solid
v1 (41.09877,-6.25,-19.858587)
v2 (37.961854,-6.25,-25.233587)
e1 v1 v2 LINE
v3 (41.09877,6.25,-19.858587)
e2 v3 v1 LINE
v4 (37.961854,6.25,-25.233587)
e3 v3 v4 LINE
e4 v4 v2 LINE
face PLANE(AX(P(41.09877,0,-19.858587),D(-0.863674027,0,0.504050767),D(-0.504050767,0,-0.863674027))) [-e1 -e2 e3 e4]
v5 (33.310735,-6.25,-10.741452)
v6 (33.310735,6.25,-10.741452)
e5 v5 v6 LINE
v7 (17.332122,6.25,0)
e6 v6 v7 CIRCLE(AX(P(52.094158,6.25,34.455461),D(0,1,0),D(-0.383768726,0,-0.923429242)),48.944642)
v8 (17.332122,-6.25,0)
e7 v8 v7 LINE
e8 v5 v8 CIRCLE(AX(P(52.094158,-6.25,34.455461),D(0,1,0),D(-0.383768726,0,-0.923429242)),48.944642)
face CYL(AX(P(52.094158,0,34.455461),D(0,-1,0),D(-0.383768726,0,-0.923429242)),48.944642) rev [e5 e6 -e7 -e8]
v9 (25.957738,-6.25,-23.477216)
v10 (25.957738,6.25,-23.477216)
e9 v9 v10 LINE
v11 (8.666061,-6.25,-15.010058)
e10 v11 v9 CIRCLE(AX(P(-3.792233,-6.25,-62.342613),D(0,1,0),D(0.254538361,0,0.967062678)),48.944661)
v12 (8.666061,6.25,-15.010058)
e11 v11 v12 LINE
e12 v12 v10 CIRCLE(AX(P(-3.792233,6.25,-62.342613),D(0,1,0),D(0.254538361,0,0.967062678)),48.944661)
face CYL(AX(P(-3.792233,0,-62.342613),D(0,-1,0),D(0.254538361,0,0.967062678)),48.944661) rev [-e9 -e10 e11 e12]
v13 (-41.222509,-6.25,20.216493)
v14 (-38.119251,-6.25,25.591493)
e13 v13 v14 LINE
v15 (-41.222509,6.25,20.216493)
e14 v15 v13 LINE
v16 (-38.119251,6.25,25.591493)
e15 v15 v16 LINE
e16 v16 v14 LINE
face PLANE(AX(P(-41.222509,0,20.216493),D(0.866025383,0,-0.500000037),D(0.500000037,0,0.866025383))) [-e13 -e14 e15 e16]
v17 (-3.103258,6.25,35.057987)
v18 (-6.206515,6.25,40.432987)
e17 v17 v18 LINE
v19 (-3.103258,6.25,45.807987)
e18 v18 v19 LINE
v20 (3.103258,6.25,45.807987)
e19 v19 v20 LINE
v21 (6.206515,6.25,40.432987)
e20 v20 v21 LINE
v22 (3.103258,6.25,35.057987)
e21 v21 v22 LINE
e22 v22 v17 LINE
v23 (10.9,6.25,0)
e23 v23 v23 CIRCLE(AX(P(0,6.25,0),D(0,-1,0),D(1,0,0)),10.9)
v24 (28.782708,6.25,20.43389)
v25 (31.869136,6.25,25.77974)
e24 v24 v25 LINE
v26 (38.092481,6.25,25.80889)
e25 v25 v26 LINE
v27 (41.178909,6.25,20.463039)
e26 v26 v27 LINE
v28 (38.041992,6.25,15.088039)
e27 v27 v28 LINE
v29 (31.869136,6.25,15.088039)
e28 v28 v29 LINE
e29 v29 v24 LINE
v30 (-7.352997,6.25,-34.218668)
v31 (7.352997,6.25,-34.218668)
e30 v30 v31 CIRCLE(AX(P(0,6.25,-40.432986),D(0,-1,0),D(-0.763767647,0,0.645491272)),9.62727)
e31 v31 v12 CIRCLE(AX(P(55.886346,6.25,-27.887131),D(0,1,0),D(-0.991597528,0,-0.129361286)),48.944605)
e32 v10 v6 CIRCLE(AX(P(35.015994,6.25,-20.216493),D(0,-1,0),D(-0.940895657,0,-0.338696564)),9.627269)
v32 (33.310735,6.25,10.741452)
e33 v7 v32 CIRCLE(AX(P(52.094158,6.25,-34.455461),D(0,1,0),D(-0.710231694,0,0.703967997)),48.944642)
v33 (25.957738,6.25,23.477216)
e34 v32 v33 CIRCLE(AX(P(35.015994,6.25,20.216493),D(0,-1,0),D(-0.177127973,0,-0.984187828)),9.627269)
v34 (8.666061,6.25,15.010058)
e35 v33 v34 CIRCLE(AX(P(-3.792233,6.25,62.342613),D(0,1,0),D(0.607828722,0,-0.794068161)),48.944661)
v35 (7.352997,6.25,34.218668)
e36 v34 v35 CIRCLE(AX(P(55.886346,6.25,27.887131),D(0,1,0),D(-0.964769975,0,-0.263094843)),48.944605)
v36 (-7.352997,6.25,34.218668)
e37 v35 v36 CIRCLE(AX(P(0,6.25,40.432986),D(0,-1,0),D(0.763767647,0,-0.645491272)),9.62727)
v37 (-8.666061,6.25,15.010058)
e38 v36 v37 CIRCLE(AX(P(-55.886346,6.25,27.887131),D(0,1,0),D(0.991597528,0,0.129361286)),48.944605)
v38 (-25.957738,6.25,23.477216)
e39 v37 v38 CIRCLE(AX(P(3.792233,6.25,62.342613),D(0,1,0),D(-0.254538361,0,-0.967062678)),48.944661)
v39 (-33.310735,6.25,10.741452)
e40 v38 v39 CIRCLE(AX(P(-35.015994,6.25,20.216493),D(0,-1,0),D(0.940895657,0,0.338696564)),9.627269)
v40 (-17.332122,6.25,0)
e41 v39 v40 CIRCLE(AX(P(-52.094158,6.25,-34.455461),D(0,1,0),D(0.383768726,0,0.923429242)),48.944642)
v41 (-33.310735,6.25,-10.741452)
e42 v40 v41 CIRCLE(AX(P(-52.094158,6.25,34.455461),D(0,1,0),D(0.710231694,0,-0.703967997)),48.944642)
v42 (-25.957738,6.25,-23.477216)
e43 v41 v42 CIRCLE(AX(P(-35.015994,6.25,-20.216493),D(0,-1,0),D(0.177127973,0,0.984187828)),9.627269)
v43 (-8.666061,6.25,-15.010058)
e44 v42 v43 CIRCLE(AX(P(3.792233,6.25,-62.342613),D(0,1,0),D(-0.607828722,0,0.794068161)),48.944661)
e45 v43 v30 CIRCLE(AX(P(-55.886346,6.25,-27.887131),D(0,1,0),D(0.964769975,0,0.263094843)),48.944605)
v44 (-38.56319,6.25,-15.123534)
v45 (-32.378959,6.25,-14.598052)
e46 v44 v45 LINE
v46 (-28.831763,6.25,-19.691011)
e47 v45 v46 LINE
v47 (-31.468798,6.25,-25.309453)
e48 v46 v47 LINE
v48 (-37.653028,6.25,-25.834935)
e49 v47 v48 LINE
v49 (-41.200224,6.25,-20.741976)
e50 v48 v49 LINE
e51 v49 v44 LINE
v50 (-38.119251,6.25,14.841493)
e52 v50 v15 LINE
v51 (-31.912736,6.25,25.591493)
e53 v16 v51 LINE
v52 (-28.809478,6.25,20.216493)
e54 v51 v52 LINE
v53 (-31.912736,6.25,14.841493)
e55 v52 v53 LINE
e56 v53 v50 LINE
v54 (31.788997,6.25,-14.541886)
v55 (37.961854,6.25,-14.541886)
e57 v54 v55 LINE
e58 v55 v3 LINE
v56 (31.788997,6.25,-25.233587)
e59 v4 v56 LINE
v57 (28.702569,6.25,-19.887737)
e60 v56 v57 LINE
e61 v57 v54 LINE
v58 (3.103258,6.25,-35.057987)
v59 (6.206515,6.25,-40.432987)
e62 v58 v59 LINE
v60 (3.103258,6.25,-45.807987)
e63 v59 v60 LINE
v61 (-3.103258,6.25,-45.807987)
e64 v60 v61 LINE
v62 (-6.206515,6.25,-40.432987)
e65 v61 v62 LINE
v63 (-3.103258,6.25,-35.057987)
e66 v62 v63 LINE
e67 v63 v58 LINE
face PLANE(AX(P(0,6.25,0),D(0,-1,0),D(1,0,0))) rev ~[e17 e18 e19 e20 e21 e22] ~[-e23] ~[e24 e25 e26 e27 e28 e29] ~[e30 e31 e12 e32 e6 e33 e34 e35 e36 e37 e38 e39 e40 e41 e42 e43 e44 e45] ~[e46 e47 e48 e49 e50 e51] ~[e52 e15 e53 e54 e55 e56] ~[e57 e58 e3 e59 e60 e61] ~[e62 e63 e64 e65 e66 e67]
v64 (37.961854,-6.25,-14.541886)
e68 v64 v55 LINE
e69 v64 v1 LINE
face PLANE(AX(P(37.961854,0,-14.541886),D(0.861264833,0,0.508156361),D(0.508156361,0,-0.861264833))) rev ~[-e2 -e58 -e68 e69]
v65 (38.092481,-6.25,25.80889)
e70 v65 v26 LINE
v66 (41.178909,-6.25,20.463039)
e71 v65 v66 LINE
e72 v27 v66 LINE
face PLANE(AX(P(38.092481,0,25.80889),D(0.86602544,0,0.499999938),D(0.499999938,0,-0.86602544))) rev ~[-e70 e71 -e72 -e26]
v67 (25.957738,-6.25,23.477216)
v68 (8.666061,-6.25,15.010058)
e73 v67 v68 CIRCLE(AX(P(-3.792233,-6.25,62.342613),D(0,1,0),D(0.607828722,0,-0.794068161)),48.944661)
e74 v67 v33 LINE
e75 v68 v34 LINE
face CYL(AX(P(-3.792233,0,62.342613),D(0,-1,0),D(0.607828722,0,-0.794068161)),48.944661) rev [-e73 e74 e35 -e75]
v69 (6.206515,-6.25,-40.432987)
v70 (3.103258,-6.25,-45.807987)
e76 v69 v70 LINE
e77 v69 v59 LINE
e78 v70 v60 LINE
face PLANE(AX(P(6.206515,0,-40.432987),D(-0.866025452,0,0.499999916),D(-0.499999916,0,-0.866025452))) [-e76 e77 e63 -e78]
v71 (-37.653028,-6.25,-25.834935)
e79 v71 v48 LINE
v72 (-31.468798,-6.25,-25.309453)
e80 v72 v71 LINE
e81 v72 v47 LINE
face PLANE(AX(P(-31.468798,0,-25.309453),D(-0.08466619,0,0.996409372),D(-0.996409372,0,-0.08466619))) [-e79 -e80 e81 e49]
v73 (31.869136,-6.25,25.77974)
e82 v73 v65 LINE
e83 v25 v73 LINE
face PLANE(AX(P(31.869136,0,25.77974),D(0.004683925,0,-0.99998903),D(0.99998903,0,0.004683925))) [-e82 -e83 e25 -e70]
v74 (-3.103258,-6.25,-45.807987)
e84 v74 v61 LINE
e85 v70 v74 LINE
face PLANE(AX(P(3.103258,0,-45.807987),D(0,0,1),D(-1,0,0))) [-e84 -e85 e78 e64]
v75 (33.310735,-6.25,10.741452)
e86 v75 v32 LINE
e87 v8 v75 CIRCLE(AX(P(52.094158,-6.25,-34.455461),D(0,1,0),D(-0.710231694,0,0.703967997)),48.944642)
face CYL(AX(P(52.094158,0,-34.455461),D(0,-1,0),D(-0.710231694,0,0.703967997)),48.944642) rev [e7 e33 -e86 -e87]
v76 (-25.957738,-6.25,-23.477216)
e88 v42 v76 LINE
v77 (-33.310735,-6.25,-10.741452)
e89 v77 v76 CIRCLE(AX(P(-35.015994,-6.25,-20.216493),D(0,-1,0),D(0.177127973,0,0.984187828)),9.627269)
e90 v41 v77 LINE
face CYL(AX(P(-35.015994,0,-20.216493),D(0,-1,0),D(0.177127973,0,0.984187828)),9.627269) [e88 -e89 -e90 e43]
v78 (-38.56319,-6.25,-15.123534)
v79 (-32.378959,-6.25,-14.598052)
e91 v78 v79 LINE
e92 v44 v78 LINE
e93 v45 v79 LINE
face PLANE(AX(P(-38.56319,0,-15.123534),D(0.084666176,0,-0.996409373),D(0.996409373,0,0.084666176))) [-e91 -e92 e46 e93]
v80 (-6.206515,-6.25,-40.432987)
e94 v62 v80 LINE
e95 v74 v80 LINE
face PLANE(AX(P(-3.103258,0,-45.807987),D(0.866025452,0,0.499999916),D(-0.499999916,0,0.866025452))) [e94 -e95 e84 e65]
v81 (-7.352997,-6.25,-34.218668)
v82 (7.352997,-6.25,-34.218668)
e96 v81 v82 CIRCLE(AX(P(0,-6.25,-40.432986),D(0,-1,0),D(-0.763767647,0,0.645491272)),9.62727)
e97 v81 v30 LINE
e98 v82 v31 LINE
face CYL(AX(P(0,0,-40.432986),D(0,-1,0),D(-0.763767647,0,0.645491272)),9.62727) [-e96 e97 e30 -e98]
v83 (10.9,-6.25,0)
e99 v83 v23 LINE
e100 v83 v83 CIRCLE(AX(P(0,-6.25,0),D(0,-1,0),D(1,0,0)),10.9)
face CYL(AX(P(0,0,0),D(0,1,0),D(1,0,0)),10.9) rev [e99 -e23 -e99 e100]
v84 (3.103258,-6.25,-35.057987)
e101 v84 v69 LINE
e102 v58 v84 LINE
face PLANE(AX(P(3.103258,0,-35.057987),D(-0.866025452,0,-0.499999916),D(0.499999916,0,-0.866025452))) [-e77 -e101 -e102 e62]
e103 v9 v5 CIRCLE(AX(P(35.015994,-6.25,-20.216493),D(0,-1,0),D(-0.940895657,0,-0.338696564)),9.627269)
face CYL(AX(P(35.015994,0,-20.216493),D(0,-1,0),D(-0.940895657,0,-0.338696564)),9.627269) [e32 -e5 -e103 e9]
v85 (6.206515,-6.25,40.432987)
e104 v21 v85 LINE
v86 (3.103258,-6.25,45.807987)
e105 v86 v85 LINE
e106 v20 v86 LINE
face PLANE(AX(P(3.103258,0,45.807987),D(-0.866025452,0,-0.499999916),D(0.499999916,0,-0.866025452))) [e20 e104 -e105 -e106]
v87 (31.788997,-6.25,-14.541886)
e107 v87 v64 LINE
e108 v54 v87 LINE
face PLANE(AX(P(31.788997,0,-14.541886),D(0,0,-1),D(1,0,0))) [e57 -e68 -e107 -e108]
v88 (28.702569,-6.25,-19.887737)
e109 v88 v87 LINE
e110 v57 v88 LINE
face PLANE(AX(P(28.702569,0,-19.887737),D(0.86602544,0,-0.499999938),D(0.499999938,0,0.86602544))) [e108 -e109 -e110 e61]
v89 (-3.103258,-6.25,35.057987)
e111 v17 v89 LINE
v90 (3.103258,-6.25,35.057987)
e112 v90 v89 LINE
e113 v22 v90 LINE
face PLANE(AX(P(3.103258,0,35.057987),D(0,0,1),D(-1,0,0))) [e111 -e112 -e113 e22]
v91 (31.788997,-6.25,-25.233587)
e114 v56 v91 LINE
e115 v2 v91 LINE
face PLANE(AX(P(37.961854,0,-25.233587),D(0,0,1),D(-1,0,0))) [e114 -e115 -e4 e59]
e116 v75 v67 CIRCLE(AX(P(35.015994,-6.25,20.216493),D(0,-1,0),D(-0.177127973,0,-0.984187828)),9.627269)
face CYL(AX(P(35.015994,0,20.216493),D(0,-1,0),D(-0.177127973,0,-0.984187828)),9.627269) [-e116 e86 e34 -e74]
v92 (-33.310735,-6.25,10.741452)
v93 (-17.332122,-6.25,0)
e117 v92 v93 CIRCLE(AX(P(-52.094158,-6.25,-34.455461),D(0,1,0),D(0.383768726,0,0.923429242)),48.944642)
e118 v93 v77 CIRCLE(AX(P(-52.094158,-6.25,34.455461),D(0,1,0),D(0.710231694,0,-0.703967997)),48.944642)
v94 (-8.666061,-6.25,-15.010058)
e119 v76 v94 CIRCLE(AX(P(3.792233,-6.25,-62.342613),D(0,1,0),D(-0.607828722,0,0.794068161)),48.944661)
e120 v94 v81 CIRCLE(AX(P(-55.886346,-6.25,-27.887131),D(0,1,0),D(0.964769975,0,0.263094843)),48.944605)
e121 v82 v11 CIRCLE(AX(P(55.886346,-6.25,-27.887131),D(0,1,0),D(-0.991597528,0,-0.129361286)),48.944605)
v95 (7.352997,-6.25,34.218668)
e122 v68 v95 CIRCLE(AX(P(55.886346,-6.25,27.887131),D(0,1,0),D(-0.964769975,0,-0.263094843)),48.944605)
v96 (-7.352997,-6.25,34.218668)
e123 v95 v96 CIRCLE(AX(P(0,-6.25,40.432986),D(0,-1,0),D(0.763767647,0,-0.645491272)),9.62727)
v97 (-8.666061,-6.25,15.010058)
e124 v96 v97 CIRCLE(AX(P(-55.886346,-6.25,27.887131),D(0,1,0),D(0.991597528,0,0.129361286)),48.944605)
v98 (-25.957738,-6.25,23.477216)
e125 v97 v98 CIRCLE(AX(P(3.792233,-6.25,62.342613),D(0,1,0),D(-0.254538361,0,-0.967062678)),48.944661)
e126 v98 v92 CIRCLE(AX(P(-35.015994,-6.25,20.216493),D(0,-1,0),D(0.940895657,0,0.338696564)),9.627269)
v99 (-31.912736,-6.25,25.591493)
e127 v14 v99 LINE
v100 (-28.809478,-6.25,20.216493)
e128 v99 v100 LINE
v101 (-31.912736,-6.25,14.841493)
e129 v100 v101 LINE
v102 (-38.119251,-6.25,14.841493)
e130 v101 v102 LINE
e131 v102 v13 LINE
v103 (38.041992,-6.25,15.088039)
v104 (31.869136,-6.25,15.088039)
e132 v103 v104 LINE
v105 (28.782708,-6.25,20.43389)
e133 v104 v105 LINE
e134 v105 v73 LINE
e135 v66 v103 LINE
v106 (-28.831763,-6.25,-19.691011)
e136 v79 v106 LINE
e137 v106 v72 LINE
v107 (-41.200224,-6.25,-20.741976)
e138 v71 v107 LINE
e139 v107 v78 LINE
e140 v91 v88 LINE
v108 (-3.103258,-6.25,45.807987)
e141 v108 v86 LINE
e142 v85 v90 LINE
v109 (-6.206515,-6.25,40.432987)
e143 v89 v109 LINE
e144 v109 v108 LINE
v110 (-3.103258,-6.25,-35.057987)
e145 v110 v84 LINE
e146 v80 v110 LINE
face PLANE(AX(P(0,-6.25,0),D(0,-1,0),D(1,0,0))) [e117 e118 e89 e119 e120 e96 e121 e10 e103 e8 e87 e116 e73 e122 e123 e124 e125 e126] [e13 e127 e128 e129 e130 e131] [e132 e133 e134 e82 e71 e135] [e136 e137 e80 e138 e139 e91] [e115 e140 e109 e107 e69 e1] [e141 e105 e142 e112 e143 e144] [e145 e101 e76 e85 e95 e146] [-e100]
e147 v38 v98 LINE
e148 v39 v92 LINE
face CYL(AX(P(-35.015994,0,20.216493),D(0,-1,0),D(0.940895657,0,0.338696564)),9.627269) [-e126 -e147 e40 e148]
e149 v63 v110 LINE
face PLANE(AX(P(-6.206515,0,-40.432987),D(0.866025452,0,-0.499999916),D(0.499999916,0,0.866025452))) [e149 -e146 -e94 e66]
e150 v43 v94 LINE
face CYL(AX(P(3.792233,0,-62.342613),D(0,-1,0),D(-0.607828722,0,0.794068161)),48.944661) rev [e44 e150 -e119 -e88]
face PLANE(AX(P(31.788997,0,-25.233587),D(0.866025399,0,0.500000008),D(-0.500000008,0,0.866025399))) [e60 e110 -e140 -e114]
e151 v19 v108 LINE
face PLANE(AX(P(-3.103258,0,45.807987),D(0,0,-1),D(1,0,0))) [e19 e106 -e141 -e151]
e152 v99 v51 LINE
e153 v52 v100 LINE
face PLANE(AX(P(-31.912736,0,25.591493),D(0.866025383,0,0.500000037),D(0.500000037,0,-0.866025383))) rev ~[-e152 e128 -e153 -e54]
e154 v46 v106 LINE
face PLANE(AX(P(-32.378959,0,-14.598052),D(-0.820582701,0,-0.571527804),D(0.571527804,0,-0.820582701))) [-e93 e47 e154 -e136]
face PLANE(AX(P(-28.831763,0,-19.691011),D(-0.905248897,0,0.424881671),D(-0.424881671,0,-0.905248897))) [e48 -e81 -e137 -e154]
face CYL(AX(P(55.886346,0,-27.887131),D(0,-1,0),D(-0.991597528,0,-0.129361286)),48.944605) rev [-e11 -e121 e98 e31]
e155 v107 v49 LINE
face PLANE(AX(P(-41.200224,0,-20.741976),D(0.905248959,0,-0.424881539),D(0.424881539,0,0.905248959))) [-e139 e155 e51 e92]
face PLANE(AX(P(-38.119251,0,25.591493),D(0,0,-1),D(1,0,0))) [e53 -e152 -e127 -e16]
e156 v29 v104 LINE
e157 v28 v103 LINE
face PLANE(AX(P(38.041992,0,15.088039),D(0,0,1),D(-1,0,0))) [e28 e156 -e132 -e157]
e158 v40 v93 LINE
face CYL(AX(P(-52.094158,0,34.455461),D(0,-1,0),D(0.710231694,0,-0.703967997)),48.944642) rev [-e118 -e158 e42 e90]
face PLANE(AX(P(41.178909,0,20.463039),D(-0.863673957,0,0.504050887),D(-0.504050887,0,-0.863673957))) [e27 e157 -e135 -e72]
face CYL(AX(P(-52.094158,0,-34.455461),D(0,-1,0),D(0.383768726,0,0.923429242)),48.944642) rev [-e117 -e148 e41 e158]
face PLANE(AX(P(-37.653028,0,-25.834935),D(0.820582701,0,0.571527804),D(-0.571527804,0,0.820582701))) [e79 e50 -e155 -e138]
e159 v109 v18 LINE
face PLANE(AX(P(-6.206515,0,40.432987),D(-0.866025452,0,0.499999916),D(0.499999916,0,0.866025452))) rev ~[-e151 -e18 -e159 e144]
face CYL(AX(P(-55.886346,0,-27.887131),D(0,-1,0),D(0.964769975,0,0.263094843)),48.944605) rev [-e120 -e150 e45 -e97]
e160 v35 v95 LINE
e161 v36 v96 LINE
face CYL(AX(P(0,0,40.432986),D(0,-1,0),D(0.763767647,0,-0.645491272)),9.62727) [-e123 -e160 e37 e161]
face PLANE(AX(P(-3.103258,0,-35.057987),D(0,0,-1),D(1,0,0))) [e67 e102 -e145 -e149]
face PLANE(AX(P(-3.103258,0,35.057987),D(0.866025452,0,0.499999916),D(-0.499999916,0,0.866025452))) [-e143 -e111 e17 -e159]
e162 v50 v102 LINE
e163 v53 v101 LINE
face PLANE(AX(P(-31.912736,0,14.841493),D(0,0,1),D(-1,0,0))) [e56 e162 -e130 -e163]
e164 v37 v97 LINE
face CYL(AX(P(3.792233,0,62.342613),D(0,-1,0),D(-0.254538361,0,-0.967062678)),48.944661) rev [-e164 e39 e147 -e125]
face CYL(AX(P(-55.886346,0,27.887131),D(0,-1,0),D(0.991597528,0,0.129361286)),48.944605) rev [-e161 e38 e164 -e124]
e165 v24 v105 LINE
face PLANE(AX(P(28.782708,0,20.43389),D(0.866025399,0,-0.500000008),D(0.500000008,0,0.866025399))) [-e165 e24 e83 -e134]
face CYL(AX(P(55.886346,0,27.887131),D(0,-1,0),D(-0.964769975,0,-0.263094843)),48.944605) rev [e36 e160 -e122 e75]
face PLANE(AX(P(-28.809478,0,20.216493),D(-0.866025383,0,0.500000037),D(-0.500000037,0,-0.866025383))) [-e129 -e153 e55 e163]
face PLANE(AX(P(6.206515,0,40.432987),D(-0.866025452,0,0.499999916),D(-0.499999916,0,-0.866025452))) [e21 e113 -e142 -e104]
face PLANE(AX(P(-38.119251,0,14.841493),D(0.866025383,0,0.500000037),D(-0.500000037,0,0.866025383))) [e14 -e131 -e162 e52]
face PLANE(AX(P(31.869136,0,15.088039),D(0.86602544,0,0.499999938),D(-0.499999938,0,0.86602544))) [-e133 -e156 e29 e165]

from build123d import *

# Parameters (mm, degrees)
F0_R     = 10.9
F1_DEPTH = 6.25


with BuildPart() as f1:
    # F0 (on Front) → F1 (new body, symmetric)
    with BuildSketch(Plane.XZ):
        with BuildLine():
            ThreePointArc((8.666061, 15.010058), (7.055697, 24.549161), (7.352997, 34.218668))
            ThreePointArc((7.352997, 34.218668), (0, 50.060256), (-7.352997, 34.218668))
            ThreePointArc((-7.352997, 34.218668), (-7.055697, 24.549161), (-8.666061, 15.010058))
            ThreePointArc((-8.666061, 15.010058), (-17.732348, 18.384994), (-25.957738, 23.477216))
            ThreePointArc((-25.957738, 23.477216), (-43.353453, 25.030128), (-33.310735, 10.741452))
            ThreePointArc((-33.310735, 10.741452), (-24.788046, 6.164167), (-17.332122, 0))
            ThreePointArc((-17.332122, 0), (-24.788046, -6.164167), (-33.310735, -10.741452))
            ThreePointArc((-33.310735, -10.741452), (-43.353453, -25.030128), (-25.957738, -23.477216))
            ThreePointArc((-25.957738, -23.477216), (-17.732348, -18.384994), (-8.666061, -15.010058))
            ThreePointArc((-8.666061, -15.010058), (-7.055697, -24.549161), (-7.352997, -34.218668))
            ThreePointArc((-7.352997, -34.218668), (0, -50.060256), (7.352997, -34.218668))
            ThreePointArc((7.352997, -34.218668), (7.055697, -24.549161), (8.666061, -15.010058))
            ThreePointArc((8.666061, -15.010058), (17.732348, -18.384994), (25.957738, -23.477216))
            ThreePointArc((25.957738, -23.477216), (43.353453, -25.030128), (33.310735, -10.741452))
            ThreePointArc((33.310735, -10.741452), (24.788046, -6.164167), (17.332122, 0))
            ThreePointArc((17.332122, 0), (24.788046, 6.164167), (33.310735, 10.741452))
            ThreePointArc((33.310735, 10.741452), (43.353453, 25.030128), (25.957738, 23.477216))
            ThreePointArc((25.957738, 23.477216), (17.732348, 18.384994), (8.666061, 15.010058))
        make_face()
        Polygon((-6.206515, -40.432987), (-3.103258, -35.057987), (3.103258, -35.057987), (6.206515, -40.432987), (3.103258, -45.807987), (-3.103258, -45.807987), align=None, mode=Mode.SUBTRACT)
        Polygon((-38.56319, -15.123534), (-32.378959, -14.598052), (-28.831763, -19.691011), (-31.468798, -25.309453), (-37.653028, -25.834935), (-41.200224, -20.741976), align=None, mode=Mode.SUBTRACT)
        Polygon((28.702569, -19.887737), (31.788997, -14.541886), (37.961854, -14.541886), (41.09877, -19.858587), (37.961854, -25.233587), (31.788997, -25.233587), align=None, mode=Mode.SUBTRACT)
        Polygon((-41.222509, 20.216493), (-38.119251, 25.591493), (-31.912736, 25.591493), (-28.809478, 20.216493), (-31.912736, 14.841493), (-38.119251, 14.841493), align=None, mode=Mode.SUBTRACT)
        Circle(F0_R, mode=Mode.SUBTRACT)
        Polygon((28.782708, 20.43389), (31.869136, 25.77974), (38.092481, 25.80889), (41.178909, 20.463039), (38.041992, 15.088039), (31.869136, 15.088039), align=None, mode=Mode.SUBTRACT)
        Polygon((-6.206515, 40.432987), (-3.103258, 45.807987), (3.103258, 45.807987), (6.206515, 40.432987), (3.103258, 35.057987), (-3.103258, 35.057987), align=None, mode=Mode.SUBTRACT)
    extrude(amount=F1_DEPTH, both=True)


solid = f1.part
